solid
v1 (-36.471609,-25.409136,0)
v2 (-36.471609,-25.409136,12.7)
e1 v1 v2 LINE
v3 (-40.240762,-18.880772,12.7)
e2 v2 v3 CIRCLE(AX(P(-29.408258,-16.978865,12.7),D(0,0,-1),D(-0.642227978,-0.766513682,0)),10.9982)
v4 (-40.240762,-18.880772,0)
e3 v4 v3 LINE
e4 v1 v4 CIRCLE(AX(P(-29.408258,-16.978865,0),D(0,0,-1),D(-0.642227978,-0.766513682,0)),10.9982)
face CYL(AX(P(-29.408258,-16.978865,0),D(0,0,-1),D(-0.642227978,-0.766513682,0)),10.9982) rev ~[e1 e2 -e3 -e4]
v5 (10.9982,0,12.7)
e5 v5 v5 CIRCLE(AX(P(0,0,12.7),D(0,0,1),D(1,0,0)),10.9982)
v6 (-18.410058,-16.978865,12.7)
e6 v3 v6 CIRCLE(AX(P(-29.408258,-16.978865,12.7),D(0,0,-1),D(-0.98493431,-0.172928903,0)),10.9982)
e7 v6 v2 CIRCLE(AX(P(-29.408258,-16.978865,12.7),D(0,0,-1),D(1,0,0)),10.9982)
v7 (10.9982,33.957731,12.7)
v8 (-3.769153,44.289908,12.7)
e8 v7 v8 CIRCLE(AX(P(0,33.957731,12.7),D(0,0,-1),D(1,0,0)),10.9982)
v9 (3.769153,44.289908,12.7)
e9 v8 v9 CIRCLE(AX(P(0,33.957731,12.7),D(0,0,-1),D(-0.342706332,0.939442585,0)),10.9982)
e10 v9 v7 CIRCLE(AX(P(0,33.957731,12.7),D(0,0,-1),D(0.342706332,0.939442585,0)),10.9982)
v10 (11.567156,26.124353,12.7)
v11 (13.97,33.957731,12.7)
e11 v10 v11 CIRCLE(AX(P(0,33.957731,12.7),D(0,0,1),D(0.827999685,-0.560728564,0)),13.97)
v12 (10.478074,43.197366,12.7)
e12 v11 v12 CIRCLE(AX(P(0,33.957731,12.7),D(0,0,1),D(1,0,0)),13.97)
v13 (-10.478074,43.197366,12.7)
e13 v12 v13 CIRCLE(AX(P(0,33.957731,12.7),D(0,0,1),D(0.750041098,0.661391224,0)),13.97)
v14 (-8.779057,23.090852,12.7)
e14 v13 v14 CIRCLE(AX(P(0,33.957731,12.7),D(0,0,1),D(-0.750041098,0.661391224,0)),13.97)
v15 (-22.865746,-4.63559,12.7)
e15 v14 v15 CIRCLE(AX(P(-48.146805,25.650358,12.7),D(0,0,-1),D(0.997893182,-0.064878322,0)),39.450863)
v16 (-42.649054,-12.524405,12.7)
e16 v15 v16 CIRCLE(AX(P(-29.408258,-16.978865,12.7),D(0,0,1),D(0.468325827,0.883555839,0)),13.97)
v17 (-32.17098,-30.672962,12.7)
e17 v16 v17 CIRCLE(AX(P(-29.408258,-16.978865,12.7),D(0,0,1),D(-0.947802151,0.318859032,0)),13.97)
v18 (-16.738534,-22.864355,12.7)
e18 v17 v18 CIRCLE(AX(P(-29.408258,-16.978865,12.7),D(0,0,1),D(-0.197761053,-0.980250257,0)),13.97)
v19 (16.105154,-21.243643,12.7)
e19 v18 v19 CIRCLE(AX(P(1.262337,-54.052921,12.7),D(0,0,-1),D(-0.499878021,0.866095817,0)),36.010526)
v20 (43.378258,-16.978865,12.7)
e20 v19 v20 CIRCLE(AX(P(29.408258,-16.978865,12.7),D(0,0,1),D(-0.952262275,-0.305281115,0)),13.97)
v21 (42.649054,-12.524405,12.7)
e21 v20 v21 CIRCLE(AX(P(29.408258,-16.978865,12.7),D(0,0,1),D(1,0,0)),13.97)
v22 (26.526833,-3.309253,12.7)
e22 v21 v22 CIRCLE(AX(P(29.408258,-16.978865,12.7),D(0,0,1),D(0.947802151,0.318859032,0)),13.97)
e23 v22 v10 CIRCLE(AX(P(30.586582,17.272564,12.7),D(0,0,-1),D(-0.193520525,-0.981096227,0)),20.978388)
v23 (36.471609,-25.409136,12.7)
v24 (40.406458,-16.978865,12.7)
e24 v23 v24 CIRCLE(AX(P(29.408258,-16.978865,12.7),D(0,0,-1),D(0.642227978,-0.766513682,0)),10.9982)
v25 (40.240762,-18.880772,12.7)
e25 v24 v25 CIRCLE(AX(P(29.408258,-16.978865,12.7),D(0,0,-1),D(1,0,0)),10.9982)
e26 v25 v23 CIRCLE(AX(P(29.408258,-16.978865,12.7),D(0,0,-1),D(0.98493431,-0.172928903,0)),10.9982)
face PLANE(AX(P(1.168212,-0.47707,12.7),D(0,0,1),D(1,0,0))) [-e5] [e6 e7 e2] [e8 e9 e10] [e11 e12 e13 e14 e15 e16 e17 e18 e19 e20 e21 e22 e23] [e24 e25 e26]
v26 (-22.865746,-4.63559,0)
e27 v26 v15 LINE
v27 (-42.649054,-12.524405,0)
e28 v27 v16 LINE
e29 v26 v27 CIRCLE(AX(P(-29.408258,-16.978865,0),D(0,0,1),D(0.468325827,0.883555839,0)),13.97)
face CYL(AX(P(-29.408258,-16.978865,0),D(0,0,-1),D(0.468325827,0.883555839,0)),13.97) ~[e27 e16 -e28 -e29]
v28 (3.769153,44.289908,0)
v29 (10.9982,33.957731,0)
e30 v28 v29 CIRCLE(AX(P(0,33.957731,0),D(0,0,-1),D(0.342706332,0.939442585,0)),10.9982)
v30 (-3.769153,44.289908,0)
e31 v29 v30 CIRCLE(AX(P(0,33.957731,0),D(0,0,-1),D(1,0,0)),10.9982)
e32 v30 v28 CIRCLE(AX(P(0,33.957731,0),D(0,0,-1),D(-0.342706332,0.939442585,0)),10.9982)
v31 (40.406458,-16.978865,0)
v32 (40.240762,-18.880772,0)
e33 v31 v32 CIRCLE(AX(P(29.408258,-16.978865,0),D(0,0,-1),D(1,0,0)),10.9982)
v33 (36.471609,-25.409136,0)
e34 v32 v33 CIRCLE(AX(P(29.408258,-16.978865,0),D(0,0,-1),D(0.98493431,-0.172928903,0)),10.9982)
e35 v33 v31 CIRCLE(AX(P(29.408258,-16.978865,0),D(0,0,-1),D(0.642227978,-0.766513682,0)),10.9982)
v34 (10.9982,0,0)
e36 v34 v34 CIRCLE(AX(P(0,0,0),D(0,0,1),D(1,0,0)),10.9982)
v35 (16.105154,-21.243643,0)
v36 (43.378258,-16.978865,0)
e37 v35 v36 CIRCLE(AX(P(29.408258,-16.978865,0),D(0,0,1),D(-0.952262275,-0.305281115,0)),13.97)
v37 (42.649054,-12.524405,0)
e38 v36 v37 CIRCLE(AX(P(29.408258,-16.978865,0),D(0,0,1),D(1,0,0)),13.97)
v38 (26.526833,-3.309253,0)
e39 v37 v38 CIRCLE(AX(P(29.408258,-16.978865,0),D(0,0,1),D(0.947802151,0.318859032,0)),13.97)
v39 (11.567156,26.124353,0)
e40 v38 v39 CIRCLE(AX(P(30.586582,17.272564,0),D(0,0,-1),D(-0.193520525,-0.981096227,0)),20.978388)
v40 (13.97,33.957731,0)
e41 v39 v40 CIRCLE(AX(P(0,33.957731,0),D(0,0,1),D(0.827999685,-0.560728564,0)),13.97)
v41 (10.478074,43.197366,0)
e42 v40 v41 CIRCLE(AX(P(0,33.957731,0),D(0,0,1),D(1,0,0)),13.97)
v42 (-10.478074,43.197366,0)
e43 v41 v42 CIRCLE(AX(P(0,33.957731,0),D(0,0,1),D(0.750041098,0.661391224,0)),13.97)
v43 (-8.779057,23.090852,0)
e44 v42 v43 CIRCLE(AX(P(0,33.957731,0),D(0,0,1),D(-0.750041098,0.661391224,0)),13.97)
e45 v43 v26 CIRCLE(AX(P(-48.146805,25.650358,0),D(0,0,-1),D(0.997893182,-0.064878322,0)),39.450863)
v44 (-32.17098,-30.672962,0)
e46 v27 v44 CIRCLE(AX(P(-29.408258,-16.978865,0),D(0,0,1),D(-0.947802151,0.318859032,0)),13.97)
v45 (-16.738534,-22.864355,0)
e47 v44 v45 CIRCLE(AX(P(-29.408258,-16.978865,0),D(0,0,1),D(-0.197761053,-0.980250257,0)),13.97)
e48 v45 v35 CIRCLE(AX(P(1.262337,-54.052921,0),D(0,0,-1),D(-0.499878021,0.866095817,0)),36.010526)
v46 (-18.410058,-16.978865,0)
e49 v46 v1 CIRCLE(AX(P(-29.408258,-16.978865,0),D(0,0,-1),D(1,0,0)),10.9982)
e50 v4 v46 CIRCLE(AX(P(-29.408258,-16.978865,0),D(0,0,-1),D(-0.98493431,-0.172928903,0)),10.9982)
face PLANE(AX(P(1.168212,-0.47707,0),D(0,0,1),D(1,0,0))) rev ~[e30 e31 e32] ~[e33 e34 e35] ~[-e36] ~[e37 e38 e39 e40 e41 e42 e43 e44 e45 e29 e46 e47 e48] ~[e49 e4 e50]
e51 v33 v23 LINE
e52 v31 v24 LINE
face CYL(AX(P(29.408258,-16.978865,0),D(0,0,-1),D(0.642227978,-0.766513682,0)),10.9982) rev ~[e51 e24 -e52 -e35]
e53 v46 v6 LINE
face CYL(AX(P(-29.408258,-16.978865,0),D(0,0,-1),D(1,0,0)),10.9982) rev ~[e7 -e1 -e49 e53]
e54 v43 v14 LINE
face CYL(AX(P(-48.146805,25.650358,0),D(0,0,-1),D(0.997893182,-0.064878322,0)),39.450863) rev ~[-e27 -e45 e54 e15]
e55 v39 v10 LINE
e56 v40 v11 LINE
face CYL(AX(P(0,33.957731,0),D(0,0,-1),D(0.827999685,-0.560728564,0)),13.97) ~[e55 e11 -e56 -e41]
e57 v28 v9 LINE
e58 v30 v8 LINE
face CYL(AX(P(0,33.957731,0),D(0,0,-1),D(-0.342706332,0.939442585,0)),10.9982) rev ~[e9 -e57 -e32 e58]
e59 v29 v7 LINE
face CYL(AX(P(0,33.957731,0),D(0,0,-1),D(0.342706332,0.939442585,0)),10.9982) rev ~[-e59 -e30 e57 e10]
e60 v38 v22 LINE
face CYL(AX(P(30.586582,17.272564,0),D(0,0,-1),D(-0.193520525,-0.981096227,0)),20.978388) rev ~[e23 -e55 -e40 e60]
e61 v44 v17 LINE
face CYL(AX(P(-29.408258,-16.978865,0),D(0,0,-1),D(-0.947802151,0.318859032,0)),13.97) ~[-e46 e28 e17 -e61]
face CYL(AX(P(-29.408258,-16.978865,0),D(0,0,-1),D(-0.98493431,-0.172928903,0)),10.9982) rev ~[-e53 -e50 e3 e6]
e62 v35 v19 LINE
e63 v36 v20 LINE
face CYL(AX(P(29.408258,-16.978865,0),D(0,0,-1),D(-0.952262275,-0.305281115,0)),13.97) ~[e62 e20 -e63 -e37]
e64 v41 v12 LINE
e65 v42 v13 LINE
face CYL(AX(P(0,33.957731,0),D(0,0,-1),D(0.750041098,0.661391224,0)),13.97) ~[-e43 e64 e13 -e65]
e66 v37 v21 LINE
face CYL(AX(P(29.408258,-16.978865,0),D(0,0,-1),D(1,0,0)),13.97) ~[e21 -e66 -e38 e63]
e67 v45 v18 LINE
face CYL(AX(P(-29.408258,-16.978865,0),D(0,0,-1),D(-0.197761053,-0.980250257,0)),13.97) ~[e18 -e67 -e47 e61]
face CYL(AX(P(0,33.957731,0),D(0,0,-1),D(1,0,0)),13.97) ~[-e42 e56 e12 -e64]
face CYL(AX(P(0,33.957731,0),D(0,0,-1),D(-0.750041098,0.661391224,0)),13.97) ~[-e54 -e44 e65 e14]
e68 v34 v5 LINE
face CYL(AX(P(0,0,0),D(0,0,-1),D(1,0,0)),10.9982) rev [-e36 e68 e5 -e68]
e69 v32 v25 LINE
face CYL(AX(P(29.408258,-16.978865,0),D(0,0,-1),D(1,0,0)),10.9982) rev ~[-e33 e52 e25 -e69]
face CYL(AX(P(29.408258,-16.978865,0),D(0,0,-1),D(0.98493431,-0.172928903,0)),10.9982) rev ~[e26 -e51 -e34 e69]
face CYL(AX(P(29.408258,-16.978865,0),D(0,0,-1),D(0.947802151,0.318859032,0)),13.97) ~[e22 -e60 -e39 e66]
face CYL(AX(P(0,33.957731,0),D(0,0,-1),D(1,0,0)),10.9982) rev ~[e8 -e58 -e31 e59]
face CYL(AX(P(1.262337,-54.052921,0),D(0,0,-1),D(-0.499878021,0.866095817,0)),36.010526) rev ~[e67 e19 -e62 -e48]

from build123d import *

# Parameters (mm, degrees)
F0_R     = 13.97
F0_R_2   = 10.9982
F1_DEPTH = 12.7


with BuildPart() as f1:
    # F0 (on Top) → F1 (new body)
    with BuildSketch(Plane.XY):
        with BuildLine():
            ThreePointArc((16.1051536961, -21.2436426615), (17.3295442362, -9.9599210186), (26.5268333458, -3.3092534322))
            ThreePointArc((26.5268333458, -3.3092534322), (11.8850746566, 7.7674924981), (11.5671555945, 26.1243529429))
            ThreePointArc((11.5671555945, 26.1243529429), (2.0600739599, 20.1404593494), (-8.7790572587, 23.0908522342))
            ThreePointArc((-8.7790572587, 23.0908522342), (-12.9749986172, 7.7809801652), (-22.865745882, -4.6355904239))
            ThreePointArc((-22.865745882, -4.6355904239), (-17.4382996656, -9.7760184777), (-15.4382576825, -16.9788654894))
            ThreePointArc((-15.4382576825, -16.9788654894), (-15.7671993387, -19.9925720546), (-16.7385335967, -22.8643554087))
            ThreePointArc((-16.7385335967, -22.8643554087), (-0.5124879595, -18.0861592081), (16.1051536961, -21.2436426615))
        make_face()
        Circle(F0_R, mode=Mode.SUBTRACT)
        with BuildLine():
            ThreePointArc((-22.865745882, -4.6355904239), (-34.5827239411, -4.0025101097), (-42.649053732, -12.5244048067))
            ThreePointArc((-42.649053732, -12.5244048067), (-41.566588122, -15.7486904821), (-40.2407622083, -18.8807721477))
            ThreePointArc((-40.2407622083, -18.8807721477), (-30.3628130668, -6.022167663), (-18.4100576825, -16.9788654894))
            ThreePointArc((-18.4100576825, -16.9788654894), (-24.7565779814, -26.9449218408), (-36.4716094271, -25.4091362662))
            ThreePointArc((-36.4716094271, -25.4091362662), (-34.4220600948, -28.1233760212), (-32.1709795959, -30.672961576))
            ThreePointArc((-32.1709795959, -30.672961576), (-23.1010589715, -29.4440227054), (-16.7385335967, -22.8643554087))
            ThreePointArc((-16.7385335967, -22.8643554087), (-15.7671993387, -19.9925720546), (-15.4382576825, -16.9788654894))
            ThreePointArc((-15.4382576825, -16.9788654894), (-17.4382996656, -9.7760184777), (-22.865745882, -4.6355904239))
        make_face()
        with BuildLine():
            ThreePointArc((13.97, 33.9577309787), (13.0678918667, 38.8964658531), (10.4780741361, 43.1973663827))
            ThreePointArc((10.4780741361, 43.1973663827), (7.1445280272, 43.8720665033), (3.7691527812, 44.2899084139))
            ThreePointArc((3.7691527812, 44.2899084139), (9.011500967, 40.2627491041), (10.9982, 33.9577309787))
            ThreePointArc((10.9982, 33.9577309787), (-6.3050181253, 24.9462300117), (-3.7691527812, 44.2899084139))
            ThreePointArc((-3.7691527812, 44.2899084139), (-7.1445280272, 43.8720665033), (-10.4780741361, 43.1973663827))
            ThreePointArc((-10.4780741361, 43.1973663827), (-13.920389908, 32.7814466551), (-8.7790572587, 23.0908522342))
            ThreePointArc((-8.7790572587, 23.0908522342), (2.0600739599, 20.1404593494), (11.5671555945, 26.1243529429))
            ThreePointArc((11.5671555945, 26.1243529429), (13.3557864549, 29.8609190264), (13.97, 33.9577309787))
        make_face()
        with BuildLine():
            ThreePointArc((-40.2407622083, -18.8807721477), (-41.566588122, -15.7486904821), (-42.649053732, -12.5244048067))
            ThreePointArc((-42.649053732, -12.5244048067), (-41.5066325733, -23.9638654894), (-32.1709795959, -30.672961576))
            ThreePointArc((-32.1709795959, -30.672961576), (-34.4220600948, -28.1233760212), (-36.4716094271, -25.4091362662))
            ThreePointArc((-36.4716094271, -25.4091362662), (-38.9329782784, -22.4779654894), (-40.2407622083, -18.8807721477))
        make_face()
        with BuildLine():
            ThreePointArc((3.7691527812, 44.2899084139), (7.1445280272, 43.8720665033), (10.4780741361, 43.1973663827))
            ThreePointArc((10.4780741361, 43.1973663827), (0, 47.9277309787), (-10.4780741361, 43.1973663827))
            ThreePointArc((-10.4780741361, 43.1973663827), (-7.1445280272, 43.8720665033), (-3.7691527812, 44.2899084139))
            ThreePointArc((-3.7691527812, 44.2899084139), (0, 44.9559309787), (3.7691527812, 44.2899084139))
        make_face()
        with BuildLine():
            ThreePointArc((43.3782576825, -16.9788654894), (43.1947514501, -14.7219894197), (42.649053732, -12.5244048067))
            ThreePointArc((42.649053732, -12.5244048067), (41.566588122, -15.7486904821), (40.2407622083, -18.8807721477))
            ThreePointArc((40.2407622083, -18.8807721477), (38.9329782784, -22.4779654894), (36.4716094271, -25.4091362662))
            ThreePointArc((36.4716094271, -25.4091362662), (34.4220600948, -28.1233760212), (32.1709795959, -30.672961576))
            ThreePointArc((32.1709795959, -30.672961576), (40.2192734796, -25.8266243827), (43.3782576825, -16.9788654894))
        make_face()
        with BuildLine():
            ThreePointArc((40.2407622083, -18.8807721477), (41.566588122, -15.7486904821), (42.649053732, -12.5244048067))
            ThreePointArc((42.649053732, -12.5244048067), (36.3407102993, -4.8503041272), (26.5268333458, -3.3092534322))
            ThreePointArc((26.5268333458, -3.3092534322), (17.3295442362, -9.9599210186), (16.1051536961, -21.2436426615))
            ThreePointArc((16.1051536961, -21.2436426615), (22.3369828781, -29.0270177395), (32.1709795959, -30.672961576))
            ThreePointArc((32.1709795959, -30.672961576), (34.4220600948, -28.1233760212), (36.4716094271, -25.4091362662))
            ThreePointArc((36.4716094271, -25.4091362662), (19.4422013311, -12.3271857883), (40.4064576825, -16.9788654894))
            ThreePointArc((40.4064576825, -16.9788654894), (40.3649555088, -17.9334208737), (40.2407622083, -18.8807721477))
        make_face()
        Circle(F0_R)
        Circle(F0_R_2, mode=Mode.SUBTRACT)
    extrude(amount=F1_DEPTH)


solid = f1.part
